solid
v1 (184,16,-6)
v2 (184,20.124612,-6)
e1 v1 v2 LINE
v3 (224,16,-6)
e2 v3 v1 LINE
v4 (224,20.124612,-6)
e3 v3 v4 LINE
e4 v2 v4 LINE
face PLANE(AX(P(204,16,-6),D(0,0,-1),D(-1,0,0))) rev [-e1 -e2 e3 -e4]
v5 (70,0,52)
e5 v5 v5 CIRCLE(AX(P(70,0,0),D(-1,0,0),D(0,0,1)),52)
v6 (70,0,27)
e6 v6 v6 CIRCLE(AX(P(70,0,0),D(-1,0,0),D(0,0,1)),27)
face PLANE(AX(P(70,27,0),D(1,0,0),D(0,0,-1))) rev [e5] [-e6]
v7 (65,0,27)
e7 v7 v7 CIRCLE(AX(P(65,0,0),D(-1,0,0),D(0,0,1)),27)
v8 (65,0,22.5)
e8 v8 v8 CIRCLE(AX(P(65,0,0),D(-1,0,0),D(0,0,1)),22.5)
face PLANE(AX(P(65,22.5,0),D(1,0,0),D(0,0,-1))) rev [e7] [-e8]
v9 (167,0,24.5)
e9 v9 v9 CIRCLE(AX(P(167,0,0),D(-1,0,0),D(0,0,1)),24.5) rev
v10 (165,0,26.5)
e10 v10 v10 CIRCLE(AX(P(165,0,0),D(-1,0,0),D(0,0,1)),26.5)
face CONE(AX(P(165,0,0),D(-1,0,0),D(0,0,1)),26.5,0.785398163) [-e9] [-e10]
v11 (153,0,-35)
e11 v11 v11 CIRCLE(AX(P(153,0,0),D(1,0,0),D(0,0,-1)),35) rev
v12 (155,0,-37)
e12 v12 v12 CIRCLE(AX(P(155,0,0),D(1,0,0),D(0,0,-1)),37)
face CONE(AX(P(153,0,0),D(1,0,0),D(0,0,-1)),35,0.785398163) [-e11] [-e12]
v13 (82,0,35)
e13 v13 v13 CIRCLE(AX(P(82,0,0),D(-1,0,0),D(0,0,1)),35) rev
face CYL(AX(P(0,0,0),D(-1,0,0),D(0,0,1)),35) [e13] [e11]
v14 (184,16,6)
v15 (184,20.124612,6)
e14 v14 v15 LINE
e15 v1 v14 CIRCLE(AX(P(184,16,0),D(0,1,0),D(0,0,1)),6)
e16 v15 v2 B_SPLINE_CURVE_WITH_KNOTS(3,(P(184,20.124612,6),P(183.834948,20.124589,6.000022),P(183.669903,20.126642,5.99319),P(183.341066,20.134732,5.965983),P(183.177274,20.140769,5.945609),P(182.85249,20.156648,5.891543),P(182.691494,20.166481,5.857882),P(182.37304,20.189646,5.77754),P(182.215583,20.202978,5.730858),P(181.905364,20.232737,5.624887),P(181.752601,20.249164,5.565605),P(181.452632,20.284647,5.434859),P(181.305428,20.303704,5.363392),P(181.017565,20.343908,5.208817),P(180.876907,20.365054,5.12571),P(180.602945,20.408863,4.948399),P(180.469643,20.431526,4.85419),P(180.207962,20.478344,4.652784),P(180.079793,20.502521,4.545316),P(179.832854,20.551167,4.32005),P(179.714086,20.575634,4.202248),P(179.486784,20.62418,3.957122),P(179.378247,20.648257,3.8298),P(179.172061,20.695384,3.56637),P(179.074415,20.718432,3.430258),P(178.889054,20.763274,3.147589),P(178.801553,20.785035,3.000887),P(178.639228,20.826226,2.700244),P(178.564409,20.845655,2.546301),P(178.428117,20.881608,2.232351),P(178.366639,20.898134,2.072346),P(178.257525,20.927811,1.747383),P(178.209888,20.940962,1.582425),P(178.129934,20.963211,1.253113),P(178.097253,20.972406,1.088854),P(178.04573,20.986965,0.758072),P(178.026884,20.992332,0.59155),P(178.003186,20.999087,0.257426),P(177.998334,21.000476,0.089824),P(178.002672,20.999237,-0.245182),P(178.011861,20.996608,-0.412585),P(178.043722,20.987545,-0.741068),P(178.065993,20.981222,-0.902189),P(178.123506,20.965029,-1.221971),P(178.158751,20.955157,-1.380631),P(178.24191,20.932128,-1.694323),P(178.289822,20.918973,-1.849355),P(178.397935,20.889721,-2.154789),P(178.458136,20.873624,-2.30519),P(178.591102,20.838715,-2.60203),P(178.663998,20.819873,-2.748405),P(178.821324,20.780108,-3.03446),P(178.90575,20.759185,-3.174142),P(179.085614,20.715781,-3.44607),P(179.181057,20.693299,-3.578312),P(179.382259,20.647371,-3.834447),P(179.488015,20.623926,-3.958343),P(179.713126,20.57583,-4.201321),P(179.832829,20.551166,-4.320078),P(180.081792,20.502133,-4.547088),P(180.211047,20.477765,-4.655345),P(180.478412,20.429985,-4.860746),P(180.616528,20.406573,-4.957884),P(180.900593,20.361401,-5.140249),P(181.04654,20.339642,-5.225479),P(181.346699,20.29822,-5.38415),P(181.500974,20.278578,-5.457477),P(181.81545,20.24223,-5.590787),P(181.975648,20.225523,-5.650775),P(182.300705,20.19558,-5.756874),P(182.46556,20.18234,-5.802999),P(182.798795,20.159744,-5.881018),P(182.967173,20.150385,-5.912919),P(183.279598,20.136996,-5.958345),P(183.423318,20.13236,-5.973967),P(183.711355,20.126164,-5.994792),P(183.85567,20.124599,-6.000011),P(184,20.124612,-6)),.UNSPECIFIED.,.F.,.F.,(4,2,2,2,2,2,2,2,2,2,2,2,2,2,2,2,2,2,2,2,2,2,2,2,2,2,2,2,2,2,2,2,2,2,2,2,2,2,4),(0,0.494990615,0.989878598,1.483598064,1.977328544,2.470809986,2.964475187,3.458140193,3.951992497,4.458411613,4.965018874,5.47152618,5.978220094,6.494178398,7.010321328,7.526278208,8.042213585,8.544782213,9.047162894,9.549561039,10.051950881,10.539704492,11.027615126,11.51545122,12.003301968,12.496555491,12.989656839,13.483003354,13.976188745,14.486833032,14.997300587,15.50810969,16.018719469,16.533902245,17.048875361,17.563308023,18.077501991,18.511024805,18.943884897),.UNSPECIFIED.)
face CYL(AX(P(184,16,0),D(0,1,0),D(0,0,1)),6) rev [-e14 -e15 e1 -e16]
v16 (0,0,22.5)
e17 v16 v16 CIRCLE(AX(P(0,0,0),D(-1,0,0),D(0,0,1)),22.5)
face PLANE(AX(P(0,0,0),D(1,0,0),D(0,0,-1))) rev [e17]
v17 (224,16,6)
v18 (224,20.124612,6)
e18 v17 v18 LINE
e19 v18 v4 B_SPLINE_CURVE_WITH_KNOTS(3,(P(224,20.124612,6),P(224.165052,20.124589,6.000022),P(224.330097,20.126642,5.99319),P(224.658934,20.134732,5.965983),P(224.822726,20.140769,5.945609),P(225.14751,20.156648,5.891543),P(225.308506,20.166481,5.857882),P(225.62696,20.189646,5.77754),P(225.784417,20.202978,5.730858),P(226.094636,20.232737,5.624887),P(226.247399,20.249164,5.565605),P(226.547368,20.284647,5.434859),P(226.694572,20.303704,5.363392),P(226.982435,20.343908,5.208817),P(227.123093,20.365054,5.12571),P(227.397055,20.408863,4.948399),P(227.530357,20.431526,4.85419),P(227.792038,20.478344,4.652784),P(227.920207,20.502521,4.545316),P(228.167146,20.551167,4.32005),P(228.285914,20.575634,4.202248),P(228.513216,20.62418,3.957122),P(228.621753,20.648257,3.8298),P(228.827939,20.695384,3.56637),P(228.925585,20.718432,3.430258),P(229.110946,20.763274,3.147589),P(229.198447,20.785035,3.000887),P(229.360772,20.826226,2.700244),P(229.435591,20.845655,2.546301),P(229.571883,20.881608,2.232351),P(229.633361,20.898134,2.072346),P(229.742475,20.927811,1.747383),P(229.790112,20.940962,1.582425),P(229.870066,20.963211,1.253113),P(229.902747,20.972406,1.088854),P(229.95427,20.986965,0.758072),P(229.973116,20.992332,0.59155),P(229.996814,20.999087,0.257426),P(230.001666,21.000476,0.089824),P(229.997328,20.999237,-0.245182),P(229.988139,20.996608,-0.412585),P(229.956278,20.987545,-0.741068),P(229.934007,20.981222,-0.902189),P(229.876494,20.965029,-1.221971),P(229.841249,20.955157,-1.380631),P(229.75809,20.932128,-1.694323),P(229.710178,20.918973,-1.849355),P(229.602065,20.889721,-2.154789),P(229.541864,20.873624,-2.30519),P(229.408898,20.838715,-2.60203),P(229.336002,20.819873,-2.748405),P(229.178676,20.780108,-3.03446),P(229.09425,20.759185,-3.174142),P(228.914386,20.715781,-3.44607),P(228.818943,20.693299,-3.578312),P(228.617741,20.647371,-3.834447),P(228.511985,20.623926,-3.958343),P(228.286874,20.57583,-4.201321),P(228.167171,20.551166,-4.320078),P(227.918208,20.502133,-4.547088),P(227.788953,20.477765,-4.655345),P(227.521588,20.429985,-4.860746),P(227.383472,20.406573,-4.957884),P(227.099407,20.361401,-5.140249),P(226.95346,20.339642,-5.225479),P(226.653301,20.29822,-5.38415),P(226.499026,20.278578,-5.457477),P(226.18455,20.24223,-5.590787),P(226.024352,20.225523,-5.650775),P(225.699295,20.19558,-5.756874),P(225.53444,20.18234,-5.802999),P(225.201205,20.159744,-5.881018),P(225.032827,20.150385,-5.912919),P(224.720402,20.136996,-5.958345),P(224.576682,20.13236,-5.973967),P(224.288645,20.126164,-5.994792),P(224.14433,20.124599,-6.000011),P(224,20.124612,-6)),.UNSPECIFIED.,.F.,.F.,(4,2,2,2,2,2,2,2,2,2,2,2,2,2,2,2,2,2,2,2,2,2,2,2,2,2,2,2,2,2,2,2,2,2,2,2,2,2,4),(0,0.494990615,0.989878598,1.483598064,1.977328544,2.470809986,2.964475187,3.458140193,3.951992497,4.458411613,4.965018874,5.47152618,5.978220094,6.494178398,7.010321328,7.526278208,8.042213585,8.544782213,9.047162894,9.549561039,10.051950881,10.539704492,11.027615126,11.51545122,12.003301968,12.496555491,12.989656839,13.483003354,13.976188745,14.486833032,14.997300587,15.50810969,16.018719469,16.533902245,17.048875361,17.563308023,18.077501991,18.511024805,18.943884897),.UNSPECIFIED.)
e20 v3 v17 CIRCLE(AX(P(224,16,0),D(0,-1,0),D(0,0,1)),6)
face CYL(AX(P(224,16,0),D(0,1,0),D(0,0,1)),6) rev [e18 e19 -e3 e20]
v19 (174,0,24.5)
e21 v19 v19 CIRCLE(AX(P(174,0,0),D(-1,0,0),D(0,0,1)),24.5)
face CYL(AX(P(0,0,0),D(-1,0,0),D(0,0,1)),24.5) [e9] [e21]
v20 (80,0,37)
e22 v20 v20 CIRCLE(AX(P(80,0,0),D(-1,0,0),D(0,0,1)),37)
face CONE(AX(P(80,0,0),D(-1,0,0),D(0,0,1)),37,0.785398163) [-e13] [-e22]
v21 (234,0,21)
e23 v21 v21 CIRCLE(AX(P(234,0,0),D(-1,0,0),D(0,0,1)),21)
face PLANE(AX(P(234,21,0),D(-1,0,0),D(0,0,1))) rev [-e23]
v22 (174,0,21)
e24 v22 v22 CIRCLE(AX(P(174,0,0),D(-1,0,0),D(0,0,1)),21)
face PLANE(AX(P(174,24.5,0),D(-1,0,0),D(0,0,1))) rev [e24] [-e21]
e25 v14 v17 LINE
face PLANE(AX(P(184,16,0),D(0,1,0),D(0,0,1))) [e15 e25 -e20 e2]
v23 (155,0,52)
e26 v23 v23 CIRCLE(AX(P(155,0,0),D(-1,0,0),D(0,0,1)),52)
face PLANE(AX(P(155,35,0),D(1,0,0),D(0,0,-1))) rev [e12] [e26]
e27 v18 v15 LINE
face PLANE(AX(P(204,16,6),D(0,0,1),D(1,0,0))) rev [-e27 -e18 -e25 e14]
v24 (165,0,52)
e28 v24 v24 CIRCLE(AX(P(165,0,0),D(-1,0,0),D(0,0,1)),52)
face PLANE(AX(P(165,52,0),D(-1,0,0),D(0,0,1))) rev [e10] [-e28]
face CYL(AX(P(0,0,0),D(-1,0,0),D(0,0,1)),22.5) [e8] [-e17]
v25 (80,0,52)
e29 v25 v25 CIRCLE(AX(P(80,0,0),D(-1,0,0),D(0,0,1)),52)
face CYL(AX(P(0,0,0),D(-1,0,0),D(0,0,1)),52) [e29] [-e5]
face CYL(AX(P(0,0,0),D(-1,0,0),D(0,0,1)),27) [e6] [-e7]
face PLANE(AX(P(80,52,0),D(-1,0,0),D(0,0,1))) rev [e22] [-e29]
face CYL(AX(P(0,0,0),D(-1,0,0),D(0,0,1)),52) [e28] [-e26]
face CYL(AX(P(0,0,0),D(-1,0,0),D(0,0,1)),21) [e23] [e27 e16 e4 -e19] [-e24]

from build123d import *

# Parameters (mm, degrees)
CHAMFER1_SIZE      = 2
CUT_EXTRUDE1_DEPTH = 5


with BuildPart() as part:
    # Sketch1 → Revolve1 (revolve)
    with BuildSketch(Plane.XY):
        Polygon((0, 0), (0, 22.5), (65, 22.5), (65, 27), (70, 27), (70, 52), (80, 52), (80, 35), (155, 35), (155, 52), (165, 52), (165, 24.5), (174, 24.5), (174, 21), (234, 21), (234, 0), align=None)
    revolve(axis=Axis((0, 0, 0), (1, 0, 0)))

    # Chamfer1
    chamfer1_edges = [part.edges().sort_by_distance(p)[0] for p in [
        (165, -24.5, 0),
        (155, -35, 0),
        (80, -35, 0),
    ]]
    chamfer(chamfer1_edges, length=CHAMFER1_SIZE)

    # Sketch2 → Cut-Extrude1 (cut)
    with BuildSketch(Plane(origin=(0, 21, 0), x_dir=(1, 0, 0), z_dir=(0, 1, 0))):
        with BuildLine():
            Line((204, 6), (204, -6))
            Line((204, -6), (184, -6))
            ThreePointArc((184, -6), (178, 0), (184, 6))
            Line((184, 6), (204, 6))
        make_face()
    cut_extrude1 = extrude(amount=-CUT_EXTRUDE1_DEPTH, mode=Mode.SUBTRACT)

    # Mirror1: Cut-Extrude1 across plane
    add(cut_extrude1.mirror(Plane(origin=(204, 16, -6), x_dir=(0, 0, 1), z_dir=(1, 0, 0))), mode=Mode.SUBTRACT)


solid = part.part
